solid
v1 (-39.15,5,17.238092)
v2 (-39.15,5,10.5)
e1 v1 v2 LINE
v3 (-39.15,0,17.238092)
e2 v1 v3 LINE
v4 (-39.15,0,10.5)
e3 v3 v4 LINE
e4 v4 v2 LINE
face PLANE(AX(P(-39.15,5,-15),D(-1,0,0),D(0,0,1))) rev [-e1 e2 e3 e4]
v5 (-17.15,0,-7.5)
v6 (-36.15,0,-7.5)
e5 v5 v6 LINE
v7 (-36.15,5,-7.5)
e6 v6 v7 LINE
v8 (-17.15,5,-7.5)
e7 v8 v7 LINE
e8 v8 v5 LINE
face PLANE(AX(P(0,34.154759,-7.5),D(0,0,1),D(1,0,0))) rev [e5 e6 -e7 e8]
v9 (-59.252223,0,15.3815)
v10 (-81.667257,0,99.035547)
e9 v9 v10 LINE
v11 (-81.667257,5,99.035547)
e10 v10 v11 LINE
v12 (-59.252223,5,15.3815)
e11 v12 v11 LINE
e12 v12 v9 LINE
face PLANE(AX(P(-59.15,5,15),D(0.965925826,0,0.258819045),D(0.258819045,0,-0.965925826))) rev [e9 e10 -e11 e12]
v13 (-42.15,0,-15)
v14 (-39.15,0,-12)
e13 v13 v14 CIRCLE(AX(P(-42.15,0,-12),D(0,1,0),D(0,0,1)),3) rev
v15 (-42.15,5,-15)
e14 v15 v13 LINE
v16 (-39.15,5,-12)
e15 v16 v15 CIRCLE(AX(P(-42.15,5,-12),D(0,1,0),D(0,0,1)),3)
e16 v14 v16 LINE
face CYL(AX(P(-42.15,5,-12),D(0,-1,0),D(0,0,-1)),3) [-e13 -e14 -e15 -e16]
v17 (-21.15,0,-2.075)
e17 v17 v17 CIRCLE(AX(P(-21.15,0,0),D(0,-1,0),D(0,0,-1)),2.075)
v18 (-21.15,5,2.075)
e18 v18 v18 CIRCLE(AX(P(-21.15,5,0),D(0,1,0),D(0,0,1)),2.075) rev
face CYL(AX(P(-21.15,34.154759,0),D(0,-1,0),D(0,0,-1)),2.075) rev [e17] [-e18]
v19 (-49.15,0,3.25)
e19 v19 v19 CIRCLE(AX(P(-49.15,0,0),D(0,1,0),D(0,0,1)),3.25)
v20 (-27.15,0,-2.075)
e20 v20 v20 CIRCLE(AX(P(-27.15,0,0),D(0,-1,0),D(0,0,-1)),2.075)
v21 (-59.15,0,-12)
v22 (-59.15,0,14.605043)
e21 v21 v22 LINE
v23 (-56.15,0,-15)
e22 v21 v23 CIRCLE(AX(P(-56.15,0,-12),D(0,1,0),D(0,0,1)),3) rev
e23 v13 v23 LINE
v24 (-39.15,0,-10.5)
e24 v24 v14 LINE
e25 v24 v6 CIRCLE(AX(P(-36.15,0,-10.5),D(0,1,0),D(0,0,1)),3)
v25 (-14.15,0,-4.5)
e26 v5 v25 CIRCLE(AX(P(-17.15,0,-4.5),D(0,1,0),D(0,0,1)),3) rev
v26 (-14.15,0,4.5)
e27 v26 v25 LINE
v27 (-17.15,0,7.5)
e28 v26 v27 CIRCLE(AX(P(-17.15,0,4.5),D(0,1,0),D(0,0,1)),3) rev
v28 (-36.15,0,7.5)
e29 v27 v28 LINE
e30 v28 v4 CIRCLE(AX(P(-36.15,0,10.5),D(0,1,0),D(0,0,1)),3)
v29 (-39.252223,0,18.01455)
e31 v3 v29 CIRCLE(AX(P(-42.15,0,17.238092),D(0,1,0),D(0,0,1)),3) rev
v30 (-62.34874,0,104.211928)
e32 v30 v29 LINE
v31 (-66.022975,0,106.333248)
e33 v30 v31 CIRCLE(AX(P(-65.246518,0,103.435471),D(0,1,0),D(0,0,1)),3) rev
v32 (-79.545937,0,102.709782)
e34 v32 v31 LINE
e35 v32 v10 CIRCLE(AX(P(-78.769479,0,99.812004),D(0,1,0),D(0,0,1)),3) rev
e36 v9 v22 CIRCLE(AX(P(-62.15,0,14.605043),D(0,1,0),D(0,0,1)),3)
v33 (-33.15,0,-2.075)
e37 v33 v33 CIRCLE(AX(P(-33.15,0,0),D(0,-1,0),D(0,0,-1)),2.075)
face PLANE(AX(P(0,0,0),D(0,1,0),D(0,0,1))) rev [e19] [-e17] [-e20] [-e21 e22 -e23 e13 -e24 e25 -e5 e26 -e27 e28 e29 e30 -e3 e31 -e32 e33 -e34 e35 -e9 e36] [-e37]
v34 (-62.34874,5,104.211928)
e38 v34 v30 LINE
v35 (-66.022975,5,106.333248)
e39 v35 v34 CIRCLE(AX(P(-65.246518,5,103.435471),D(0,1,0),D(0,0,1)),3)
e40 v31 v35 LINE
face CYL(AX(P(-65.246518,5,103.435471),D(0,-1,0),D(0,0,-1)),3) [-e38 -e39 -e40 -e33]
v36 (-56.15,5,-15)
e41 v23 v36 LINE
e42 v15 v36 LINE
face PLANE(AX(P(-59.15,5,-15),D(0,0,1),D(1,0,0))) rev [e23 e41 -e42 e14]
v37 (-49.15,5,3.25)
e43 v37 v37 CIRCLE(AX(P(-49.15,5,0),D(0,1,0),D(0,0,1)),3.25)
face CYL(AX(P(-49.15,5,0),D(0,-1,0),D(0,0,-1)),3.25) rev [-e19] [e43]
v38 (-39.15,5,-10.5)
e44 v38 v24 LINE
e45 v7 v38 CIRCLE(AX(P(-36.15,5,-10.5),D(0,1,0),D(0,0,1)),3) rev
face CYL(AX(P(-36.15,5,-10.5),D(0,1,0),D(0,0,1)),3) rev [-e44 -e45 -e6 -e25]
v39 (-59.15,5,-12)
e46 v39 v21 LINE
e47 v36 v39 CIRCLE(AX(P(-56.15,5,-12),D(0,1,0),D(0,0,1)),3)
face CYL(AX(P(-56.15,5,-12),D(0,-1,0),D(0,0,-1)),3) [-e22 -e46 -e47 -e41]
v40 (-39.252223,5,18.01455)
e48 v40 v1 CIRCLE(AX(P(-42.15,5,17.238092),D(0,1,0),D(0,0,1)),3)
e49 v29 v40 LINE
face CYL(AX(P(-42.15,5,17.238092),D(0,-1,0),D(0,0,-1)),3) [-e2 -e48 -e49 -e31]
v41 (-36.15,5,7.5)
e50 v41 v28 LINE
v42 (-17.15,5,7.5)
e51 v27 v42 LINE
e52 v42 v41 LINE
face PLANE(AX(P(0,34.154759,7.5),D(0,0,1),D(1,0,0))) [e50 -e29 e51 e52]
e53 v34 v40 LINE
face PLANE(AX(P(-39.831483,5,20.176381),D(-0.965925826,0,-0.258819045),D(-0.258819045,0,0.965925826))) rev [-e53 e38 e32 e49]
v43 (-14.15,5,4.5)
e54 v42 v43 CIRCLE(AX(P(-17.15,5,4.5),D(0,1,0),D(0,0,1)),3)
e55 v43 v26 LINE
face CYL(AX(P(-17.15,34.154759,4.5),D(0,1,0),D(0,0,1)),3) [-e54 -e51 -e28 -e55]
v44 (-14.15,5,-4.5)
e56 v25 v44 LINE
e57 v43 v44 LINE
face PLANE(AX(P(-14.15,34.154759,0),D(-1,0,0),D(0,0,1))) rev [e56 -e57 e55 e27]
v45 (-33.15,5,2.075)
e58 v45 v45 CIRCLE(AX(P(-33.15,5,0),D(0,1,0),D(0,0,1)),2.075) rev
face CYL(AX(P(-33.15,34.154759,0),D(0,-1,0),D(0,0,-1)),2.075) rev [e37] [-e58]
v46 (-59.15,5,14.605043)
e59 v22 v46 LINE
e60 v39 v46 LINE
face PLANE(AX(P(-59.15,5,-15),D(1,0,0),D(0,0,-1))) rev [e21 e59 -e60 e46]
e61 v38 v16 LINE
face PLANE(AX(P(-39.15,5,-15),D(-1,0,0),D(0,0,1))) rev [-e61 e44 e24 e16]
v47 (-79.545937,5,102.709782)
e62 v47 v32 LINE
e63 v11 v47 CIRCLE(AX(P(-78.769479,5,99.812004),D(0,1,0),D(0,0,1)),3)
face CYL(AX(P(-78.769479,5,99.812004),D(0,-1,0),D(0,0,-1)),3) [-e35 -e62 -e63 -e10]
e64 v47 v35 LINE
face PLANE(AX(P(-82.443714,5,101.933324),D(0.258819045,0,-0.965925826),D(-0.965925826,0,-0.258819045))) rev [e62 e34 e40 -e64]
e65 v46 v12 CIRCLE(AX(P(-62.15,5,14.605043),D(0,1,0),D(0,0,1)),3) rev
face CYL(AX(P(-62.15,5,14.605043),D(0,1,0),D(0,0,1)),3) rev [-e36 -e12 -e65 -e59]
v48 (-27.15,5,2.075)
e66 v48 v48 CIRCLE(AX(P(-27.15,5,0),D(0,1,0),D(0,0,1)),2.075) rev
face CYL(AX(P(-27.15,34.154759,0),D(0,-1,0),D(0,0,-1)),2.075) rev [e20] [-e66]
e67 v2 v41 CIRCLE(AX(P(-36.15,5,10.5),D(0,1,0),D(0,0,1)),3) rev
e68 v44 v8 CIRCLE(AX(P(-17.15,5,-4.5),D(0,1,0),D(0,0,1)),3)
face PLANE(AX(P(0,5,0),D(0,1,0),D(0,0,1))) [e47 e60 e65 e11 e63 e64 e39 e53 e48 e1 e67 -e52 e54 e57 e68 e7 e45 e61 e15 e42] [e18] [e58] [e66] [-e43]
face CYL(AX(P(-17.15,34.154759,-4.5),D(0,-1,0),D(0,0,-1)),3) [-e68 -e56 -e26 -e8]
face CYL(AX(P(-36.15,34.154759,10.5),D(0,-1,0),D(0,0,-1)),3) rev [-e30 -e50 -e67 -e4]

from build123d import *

# Parameters (mm, degrees)
SKETCH1_R           = 3.25
BOSS_EXTRUDE1_DEPTH = 5
SKETCH2_R           = 2.075
BOSS_EXTRUDE2_DEPTH = 5
FILLET1_R           = 3


with BuildPart() as part:
    # Sketch1 → Boss-Extrude1 (new body)
    with BuildSketch(Plane(origin=(0, 0, 0), x_dir=(1, 0, 0), z_dir=(0, 1, 0))):
        Polygon((-59.15, -15), (-82.443714059, -101.933324366), (-63.125197533, -107.109705268), (-39.831483474, -20.176380902), (-39.15, -17.633049952), (-39.15, -15), (-39.15, 15), (-59.15, 15), align=None)
        with Locations((-49.15, 0)):
            Circle(SKETCH1_R, mode=Mode.SUBTRACT)
    extrude(amount=BOSS_EXTRUDE1_DEPTH)

    # Sketch2 → Boss-Extrude2 (add)
    with BuildSketch(Plane.XZ):
        Polygon((-14.15, -7.5), (-14.15, 7.5), (-27.15, 7.5), (-33.15, 7.5), (-39.15, 7.5), (-39.15, -7.5), align=None)
        with Locations((-33.15, 0)):
            Circle(SKETCH2_R, mode=Mode.SUBTRACT)
        with Locations((-27.15, 0)):
            Circle(SKETCH2_R, mode=Mode.SUBTRACT)
        with Locations((-21.15, 0)):
            Circle(SKETCH2_R, mode=Mode.SUBTRACT)
    extrude(amount=-BOSS_EXTRUDE2_DEPTH)

    # Fillet1
    fillet1_edges = [part.edges().sort_by_distance(p)[0] for p in [
        (-39.15, 2.5, 17.633049952),
        (-63.125197533, 2.5, 107.109705268),
        (-82.443714059, 2.5, 101.933324366),
        (-59.15, 2.5, 15),
        (-59.15, 2.5, -15),
        (-39.15, 2.5, -15),
        (-14.15, 2.5, -7.5),
        (-39.15, 2.5, -7.5),
        (-39.15, 2.5, 7.5),
        (-14.15, 2.5, 7.5),
    ]]
    fillet(fillet1_edges, radius=FILLET1_R)


solid = part.part
